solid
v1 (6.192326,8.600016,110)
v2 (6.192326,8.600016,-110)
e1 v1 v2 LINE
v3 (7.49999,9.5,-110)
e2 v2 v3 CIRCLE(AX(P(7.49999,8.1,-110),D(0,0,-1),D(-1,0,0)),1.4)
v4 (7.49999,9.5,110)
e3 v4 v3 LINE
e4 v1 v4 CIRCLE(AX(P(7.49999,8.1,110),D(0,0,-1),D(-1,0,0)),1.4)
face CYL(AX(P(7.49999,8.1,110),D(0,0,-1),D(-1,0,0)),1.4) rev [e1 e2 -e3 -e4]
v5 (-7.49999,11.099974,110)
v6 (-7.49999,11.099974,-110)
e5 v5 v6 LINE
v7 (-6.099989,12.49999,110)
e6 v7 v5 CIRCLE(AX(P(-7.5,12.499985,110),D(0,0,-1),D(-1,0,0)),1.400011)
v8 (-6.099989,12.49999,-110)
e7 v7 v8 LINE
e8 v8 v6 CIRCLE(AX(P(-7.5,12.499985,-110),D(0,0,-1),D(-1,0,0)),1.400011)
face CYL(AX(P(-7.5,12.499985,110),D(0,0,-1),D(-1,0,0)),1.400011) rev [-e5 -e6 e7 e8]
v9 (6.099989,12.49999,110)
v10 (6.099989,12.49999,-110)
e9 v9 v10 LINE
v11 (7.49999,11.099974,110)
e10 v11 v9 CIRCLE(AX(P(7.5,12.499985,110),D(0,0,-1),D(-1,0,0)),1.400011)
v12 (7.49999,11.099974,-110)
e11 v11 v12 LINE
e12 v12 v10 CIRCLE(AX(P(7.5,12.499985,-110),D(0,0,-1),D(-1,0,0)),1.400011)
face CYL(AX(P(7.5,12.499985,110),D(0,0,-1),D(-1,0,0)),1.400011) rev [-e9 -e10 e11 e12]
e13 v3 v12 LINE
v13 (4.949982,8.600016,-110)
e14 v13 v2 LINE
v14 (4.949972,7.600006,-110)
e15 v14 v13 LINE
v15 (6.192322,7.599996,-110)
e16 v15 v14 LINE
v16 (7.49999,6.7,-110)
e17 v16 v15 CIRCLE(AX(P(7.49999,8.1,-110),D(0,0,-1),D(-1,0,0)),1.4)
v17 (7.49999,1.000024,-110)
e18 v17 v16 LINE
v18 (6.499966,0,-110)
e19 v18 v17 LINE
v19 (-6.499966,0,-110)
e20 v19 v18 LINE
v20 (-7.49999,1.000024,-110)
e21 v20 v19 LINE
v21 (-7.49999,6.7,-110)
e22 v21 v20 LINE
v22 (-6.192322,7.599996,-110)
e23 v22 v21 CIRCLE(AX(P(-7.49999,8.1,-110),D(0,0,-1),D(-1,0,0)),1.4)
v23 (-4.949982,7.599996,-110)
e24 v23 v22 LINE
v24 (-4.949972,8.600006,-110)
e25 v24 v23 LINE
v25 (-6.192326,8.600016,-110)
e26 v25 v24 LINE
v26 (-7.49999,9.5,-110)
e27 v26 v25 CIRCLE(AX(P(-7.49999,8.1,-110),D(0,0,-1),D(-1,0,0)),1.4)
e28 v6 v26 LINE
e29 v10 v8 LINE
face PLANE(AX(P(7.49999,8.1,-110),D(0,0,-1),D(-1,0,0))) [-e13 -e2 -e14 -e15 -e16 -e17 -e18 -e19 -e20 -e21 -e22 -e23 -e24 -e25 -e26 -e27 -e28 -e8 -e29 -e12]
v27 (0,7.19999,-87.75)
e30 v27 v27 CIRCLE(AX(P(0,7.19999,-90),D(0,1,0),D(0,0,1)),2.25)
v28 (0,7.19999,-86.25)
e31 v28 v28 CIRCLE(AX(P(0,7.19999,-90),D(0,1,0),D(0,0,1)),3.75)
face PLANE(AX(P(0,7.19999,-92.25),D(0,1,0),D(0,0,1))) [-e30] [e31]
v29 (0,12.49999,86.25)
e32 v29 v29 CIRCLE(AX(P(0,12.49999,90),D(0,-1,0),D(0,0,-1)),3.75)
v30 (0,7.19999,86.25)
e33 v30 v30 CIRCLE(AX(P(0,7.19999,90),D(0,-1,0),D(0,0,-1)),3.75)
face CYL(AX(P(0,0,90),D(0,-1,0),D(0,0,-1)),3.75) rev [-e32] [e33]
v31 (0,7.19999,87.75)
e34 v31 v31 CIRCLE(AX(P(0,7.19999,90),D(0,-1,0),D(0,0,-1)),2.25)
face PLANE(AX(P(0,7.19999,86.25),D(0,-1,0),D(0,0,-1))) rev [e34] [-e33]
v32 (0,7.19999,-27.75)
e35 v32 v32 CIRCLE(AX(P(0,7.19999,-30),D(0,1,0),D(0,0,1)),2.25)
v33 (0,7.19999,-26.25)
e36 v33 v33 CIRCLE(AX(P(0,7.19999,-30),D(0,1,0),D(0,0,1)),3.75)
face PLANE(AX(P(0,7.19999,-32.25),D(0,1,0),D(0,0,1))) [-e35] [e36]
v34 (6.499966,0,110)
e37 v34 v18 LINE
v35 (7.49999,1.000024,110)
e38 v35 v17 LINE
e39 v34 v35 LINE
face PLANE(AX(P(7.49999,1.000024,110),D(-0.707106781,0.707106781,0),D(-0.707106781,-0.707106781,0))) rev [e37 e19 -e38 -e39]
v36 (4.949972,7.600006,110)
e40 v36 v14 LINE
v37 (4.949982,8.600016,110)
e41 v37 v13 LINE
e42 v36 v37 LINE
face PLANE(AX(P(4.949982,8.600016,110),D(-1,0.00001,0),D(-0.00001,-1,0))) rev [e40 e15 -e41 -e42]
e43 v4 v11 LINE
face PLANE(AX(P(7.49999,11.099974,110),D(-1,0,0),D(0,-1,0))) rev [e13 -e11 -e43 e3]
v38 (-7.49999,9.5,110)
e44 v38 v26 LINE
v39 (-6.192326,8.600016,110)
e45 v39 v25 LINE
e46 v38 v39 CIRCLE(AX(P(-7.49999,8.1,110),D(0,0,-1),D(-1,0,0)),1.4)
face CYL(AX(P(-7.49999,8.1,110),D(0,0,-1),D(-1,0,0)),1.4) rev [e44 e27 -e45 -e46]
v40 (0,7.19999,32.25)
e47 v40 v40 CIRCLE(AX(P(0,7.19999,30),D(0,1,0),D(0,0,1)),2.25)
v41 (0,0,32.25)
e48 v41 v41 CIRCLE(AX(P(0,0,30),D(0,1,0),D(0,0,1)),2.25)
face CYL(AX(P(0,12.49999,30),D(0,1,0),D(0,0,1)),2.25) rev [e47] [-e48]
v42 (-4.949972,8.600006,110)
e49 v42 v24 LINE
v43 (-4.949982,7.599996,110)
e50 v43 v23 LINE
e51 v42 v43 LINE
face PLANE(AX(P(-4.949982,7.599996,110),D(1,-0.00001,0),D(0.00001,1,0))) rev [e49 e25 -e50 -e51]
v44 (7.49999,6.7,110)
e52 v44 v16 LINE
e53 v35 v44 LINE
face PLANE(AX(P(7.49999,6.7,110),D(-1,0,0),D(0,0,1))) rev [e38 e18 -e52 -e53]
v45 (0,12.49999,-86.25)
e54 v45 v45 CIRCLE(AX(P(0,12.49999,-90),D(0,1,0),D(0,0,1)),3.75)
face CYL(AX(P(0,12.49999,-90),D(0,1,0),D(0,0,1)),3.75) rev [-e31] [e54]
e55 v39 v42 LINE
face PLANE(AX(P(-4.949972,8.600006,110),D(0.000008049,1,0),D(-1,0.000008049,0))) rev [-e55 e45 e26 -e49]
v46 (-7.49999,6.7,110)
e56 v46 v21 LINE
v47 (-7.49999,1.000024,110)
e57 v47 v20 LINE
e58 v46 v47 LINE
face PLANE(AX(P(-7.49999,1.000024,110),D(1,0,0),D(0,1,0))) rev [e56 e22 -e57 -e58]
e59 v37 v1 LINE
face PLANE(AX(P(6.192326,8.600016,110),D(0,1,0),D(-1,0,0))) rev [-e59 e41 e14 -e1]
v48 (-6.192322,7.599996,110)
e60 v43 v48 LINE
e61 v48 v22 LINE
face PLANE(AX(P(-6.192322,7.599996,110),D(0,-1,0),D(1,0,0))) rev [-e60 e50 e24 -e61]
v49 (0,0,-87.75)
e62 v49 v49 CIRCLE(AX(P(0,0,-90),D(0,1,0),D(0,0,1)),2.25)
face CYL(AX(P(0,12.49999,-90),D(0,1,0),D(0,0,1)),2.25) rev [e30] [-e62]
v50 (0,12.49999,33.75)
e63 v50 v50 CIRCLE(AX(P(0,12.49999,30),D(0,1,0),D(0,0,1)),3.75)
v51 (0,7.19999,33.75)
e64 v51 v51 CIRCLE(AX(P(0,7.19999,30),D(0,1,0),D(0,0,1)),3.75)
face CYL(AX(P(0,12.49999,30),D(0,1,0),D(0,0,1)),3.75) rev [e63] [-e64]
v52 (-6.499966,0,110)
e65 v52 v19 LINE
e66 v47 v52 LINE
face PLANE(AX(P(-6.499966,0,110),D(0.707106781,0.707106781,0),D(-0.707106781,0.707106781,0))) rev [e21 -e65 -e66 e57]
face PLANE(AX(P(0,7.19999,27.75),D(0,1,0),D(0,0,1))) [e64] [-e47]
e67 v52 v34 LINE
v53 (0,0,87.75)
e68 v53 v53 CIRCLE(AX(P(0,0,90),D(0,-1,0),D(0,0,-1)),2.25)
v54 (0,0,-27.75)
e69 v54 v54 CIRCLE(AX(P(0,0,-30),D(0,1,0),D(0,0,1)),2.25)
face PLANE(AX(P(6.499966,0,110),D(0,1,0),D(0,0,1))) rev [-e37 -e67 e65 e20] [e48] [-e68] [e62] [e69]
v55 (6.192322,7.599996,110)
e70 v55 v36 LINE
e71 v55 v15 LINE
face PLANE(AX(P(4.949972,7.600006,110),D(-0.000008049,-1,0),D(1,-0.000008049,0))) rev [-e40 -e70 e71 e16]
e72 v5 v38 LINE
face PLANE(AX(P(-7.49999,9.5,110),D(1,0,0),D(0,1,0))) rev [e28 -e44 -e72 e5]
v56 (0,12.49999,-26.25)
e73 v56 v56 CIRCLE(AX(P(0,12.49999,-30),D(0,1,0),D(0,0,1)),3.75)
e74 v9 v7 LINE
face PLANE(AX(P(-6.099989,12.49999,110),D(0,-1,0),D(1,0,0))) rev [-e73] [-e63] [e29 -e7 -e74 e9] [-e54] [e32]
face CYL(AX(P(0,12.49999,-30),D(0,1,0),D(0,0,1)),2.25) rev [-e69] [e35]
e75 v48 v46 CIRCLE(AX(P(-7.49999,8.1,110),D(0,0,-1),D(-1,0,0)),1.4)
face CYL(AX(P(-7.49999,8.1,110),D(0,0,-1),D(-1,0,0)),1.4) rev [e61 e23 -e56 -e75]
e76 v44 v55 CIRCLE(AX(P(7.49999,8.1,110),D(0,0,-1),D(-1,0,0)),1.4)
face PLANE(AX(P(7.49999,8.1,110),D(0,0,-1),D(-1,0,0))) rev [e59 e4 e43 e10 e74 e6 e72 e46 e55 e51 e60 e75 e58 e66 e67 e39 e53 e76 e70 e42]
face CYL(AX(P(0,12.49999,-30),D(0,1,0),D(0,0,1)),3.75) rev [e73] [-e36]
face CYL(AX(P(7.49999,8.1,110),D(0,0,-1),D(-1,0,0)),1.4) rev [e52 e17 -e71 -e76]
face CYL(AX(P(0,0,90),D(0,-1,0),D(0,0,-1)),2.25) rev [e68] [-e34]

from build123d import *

# Parameters (mm, degrees)
EXTRUDE1_DEPTH  = 110
LPATTERN1_COUNT = 3
LPATTERN1_PITCH = 60


with BuildPart() as part:
    # 15mm → Extrude1 (new, symmetric)
    with BuildSketch(Plane.XY):
        with BuildLine():
            Line((4.949972, 7.600006), (6.192321846, 7.599996))
            ThreePointArc((6.192321846, 7.599996), (6.706266371, 6.946742527), (7.49999, 6.7))
            Line((7.49999, 6.7), (7.49999, 1.000024142))
            Line((7.49999, 1.000024142), (6.499965858, 0))
            Line((6.499965858, 0), (-6.499965858, 0))
            Line((-6.499965858, 0), (-7.49999, 1.000024142))
            Line((-7.49999, 1.000024142), (-7.49999, 6.7))
            ThreePointArc((-7.49999, 6.7), (-6.70626637, 6.946742527), (-6.192321846, 7.599996))
            Line((-6.192321846, 7.599996), (-4.949982, 7.599996))
            Line((-4.949982, 7.599996), (-4.949972, 8.600006))
            Line((-4.949972, 8.600006), (-6.192326435, 8.600016))
            ThreePointArc((-6.192326435, 8.600016), (-6.706271662, 9.253261115), (-7.49999, 9.5))
            Line((-7.49999, 9.5), (-7.49999, 11.099974))
            ThreePointArc((-7.49999, 11.099974), (-6.510037425, 11.510033031), (-6.099989, 12.49999))
            Line((-6.099989, 12.49999), (6.099989, 12.49999))
            ThreePointArc((6.099989, 12.49999), (6.510037425, 11.510033031), (7.49999, 11.099974))
            Line((7.49999, 11.099974), (7.49999, 9.5))
            ThreePointArc((7.49999, 9.5), (6.706271662, 9.253261115), (6.192326435, 8.600016))
            Line((6.192326435, 8.600016), (4.949982, 8.600016))
            Line((4.949982, 8.600016), (4.949972, 7.600006))
        make_face()
    extrude(amount=EXTRUDE1_DEPTH, both=True)

    # Sketch1 → Cut-Revolve1 (revolve, cut)
    with BuildSketch(Plane(origin=(0, 0, 0), x_dir=(0, 0, -1), z_dir=(1, 0, 0))):
        Polygon((-90, 12.49999), (-86.25, 12.49999), (-86.25, 7.19999), (-87.75, 7.19999), (-87.75, 0), (-90, 0), align=None)
    revolve(axis=Axis((0, 0, 90), (0, 1, 0)), mode=Mode.SUBTRACT)

    # Sketch2 → Cut-Revolve2 (revolve, cut)
    with BuildSketch(Plane(origin=(0, 0, 0), x_dir=(0, 0, -1), z_dir=(1, 0, 0))):
        Polygon((90, 0), (92.25, 0), (92.25, 7.19999), (93.75, 7.19999), (93.75, 12.49999), (90, 12.49999), align=None)
    cut_revolve2 = revolve(axis=Axis((0, 12.49999, -90), (0, -1, 0)), mode=Mode.SUBTRACT)

    # LPattern1: Cut-Revolve2 ×3
    with Locations(*[(0, 0, i * LPATTERN1_PITCH) for i in range(1, LPATTERN1_COUNT)]):
        add(cut_revolve2, mode=Mode.SUBTRACT)


solid = part.part
